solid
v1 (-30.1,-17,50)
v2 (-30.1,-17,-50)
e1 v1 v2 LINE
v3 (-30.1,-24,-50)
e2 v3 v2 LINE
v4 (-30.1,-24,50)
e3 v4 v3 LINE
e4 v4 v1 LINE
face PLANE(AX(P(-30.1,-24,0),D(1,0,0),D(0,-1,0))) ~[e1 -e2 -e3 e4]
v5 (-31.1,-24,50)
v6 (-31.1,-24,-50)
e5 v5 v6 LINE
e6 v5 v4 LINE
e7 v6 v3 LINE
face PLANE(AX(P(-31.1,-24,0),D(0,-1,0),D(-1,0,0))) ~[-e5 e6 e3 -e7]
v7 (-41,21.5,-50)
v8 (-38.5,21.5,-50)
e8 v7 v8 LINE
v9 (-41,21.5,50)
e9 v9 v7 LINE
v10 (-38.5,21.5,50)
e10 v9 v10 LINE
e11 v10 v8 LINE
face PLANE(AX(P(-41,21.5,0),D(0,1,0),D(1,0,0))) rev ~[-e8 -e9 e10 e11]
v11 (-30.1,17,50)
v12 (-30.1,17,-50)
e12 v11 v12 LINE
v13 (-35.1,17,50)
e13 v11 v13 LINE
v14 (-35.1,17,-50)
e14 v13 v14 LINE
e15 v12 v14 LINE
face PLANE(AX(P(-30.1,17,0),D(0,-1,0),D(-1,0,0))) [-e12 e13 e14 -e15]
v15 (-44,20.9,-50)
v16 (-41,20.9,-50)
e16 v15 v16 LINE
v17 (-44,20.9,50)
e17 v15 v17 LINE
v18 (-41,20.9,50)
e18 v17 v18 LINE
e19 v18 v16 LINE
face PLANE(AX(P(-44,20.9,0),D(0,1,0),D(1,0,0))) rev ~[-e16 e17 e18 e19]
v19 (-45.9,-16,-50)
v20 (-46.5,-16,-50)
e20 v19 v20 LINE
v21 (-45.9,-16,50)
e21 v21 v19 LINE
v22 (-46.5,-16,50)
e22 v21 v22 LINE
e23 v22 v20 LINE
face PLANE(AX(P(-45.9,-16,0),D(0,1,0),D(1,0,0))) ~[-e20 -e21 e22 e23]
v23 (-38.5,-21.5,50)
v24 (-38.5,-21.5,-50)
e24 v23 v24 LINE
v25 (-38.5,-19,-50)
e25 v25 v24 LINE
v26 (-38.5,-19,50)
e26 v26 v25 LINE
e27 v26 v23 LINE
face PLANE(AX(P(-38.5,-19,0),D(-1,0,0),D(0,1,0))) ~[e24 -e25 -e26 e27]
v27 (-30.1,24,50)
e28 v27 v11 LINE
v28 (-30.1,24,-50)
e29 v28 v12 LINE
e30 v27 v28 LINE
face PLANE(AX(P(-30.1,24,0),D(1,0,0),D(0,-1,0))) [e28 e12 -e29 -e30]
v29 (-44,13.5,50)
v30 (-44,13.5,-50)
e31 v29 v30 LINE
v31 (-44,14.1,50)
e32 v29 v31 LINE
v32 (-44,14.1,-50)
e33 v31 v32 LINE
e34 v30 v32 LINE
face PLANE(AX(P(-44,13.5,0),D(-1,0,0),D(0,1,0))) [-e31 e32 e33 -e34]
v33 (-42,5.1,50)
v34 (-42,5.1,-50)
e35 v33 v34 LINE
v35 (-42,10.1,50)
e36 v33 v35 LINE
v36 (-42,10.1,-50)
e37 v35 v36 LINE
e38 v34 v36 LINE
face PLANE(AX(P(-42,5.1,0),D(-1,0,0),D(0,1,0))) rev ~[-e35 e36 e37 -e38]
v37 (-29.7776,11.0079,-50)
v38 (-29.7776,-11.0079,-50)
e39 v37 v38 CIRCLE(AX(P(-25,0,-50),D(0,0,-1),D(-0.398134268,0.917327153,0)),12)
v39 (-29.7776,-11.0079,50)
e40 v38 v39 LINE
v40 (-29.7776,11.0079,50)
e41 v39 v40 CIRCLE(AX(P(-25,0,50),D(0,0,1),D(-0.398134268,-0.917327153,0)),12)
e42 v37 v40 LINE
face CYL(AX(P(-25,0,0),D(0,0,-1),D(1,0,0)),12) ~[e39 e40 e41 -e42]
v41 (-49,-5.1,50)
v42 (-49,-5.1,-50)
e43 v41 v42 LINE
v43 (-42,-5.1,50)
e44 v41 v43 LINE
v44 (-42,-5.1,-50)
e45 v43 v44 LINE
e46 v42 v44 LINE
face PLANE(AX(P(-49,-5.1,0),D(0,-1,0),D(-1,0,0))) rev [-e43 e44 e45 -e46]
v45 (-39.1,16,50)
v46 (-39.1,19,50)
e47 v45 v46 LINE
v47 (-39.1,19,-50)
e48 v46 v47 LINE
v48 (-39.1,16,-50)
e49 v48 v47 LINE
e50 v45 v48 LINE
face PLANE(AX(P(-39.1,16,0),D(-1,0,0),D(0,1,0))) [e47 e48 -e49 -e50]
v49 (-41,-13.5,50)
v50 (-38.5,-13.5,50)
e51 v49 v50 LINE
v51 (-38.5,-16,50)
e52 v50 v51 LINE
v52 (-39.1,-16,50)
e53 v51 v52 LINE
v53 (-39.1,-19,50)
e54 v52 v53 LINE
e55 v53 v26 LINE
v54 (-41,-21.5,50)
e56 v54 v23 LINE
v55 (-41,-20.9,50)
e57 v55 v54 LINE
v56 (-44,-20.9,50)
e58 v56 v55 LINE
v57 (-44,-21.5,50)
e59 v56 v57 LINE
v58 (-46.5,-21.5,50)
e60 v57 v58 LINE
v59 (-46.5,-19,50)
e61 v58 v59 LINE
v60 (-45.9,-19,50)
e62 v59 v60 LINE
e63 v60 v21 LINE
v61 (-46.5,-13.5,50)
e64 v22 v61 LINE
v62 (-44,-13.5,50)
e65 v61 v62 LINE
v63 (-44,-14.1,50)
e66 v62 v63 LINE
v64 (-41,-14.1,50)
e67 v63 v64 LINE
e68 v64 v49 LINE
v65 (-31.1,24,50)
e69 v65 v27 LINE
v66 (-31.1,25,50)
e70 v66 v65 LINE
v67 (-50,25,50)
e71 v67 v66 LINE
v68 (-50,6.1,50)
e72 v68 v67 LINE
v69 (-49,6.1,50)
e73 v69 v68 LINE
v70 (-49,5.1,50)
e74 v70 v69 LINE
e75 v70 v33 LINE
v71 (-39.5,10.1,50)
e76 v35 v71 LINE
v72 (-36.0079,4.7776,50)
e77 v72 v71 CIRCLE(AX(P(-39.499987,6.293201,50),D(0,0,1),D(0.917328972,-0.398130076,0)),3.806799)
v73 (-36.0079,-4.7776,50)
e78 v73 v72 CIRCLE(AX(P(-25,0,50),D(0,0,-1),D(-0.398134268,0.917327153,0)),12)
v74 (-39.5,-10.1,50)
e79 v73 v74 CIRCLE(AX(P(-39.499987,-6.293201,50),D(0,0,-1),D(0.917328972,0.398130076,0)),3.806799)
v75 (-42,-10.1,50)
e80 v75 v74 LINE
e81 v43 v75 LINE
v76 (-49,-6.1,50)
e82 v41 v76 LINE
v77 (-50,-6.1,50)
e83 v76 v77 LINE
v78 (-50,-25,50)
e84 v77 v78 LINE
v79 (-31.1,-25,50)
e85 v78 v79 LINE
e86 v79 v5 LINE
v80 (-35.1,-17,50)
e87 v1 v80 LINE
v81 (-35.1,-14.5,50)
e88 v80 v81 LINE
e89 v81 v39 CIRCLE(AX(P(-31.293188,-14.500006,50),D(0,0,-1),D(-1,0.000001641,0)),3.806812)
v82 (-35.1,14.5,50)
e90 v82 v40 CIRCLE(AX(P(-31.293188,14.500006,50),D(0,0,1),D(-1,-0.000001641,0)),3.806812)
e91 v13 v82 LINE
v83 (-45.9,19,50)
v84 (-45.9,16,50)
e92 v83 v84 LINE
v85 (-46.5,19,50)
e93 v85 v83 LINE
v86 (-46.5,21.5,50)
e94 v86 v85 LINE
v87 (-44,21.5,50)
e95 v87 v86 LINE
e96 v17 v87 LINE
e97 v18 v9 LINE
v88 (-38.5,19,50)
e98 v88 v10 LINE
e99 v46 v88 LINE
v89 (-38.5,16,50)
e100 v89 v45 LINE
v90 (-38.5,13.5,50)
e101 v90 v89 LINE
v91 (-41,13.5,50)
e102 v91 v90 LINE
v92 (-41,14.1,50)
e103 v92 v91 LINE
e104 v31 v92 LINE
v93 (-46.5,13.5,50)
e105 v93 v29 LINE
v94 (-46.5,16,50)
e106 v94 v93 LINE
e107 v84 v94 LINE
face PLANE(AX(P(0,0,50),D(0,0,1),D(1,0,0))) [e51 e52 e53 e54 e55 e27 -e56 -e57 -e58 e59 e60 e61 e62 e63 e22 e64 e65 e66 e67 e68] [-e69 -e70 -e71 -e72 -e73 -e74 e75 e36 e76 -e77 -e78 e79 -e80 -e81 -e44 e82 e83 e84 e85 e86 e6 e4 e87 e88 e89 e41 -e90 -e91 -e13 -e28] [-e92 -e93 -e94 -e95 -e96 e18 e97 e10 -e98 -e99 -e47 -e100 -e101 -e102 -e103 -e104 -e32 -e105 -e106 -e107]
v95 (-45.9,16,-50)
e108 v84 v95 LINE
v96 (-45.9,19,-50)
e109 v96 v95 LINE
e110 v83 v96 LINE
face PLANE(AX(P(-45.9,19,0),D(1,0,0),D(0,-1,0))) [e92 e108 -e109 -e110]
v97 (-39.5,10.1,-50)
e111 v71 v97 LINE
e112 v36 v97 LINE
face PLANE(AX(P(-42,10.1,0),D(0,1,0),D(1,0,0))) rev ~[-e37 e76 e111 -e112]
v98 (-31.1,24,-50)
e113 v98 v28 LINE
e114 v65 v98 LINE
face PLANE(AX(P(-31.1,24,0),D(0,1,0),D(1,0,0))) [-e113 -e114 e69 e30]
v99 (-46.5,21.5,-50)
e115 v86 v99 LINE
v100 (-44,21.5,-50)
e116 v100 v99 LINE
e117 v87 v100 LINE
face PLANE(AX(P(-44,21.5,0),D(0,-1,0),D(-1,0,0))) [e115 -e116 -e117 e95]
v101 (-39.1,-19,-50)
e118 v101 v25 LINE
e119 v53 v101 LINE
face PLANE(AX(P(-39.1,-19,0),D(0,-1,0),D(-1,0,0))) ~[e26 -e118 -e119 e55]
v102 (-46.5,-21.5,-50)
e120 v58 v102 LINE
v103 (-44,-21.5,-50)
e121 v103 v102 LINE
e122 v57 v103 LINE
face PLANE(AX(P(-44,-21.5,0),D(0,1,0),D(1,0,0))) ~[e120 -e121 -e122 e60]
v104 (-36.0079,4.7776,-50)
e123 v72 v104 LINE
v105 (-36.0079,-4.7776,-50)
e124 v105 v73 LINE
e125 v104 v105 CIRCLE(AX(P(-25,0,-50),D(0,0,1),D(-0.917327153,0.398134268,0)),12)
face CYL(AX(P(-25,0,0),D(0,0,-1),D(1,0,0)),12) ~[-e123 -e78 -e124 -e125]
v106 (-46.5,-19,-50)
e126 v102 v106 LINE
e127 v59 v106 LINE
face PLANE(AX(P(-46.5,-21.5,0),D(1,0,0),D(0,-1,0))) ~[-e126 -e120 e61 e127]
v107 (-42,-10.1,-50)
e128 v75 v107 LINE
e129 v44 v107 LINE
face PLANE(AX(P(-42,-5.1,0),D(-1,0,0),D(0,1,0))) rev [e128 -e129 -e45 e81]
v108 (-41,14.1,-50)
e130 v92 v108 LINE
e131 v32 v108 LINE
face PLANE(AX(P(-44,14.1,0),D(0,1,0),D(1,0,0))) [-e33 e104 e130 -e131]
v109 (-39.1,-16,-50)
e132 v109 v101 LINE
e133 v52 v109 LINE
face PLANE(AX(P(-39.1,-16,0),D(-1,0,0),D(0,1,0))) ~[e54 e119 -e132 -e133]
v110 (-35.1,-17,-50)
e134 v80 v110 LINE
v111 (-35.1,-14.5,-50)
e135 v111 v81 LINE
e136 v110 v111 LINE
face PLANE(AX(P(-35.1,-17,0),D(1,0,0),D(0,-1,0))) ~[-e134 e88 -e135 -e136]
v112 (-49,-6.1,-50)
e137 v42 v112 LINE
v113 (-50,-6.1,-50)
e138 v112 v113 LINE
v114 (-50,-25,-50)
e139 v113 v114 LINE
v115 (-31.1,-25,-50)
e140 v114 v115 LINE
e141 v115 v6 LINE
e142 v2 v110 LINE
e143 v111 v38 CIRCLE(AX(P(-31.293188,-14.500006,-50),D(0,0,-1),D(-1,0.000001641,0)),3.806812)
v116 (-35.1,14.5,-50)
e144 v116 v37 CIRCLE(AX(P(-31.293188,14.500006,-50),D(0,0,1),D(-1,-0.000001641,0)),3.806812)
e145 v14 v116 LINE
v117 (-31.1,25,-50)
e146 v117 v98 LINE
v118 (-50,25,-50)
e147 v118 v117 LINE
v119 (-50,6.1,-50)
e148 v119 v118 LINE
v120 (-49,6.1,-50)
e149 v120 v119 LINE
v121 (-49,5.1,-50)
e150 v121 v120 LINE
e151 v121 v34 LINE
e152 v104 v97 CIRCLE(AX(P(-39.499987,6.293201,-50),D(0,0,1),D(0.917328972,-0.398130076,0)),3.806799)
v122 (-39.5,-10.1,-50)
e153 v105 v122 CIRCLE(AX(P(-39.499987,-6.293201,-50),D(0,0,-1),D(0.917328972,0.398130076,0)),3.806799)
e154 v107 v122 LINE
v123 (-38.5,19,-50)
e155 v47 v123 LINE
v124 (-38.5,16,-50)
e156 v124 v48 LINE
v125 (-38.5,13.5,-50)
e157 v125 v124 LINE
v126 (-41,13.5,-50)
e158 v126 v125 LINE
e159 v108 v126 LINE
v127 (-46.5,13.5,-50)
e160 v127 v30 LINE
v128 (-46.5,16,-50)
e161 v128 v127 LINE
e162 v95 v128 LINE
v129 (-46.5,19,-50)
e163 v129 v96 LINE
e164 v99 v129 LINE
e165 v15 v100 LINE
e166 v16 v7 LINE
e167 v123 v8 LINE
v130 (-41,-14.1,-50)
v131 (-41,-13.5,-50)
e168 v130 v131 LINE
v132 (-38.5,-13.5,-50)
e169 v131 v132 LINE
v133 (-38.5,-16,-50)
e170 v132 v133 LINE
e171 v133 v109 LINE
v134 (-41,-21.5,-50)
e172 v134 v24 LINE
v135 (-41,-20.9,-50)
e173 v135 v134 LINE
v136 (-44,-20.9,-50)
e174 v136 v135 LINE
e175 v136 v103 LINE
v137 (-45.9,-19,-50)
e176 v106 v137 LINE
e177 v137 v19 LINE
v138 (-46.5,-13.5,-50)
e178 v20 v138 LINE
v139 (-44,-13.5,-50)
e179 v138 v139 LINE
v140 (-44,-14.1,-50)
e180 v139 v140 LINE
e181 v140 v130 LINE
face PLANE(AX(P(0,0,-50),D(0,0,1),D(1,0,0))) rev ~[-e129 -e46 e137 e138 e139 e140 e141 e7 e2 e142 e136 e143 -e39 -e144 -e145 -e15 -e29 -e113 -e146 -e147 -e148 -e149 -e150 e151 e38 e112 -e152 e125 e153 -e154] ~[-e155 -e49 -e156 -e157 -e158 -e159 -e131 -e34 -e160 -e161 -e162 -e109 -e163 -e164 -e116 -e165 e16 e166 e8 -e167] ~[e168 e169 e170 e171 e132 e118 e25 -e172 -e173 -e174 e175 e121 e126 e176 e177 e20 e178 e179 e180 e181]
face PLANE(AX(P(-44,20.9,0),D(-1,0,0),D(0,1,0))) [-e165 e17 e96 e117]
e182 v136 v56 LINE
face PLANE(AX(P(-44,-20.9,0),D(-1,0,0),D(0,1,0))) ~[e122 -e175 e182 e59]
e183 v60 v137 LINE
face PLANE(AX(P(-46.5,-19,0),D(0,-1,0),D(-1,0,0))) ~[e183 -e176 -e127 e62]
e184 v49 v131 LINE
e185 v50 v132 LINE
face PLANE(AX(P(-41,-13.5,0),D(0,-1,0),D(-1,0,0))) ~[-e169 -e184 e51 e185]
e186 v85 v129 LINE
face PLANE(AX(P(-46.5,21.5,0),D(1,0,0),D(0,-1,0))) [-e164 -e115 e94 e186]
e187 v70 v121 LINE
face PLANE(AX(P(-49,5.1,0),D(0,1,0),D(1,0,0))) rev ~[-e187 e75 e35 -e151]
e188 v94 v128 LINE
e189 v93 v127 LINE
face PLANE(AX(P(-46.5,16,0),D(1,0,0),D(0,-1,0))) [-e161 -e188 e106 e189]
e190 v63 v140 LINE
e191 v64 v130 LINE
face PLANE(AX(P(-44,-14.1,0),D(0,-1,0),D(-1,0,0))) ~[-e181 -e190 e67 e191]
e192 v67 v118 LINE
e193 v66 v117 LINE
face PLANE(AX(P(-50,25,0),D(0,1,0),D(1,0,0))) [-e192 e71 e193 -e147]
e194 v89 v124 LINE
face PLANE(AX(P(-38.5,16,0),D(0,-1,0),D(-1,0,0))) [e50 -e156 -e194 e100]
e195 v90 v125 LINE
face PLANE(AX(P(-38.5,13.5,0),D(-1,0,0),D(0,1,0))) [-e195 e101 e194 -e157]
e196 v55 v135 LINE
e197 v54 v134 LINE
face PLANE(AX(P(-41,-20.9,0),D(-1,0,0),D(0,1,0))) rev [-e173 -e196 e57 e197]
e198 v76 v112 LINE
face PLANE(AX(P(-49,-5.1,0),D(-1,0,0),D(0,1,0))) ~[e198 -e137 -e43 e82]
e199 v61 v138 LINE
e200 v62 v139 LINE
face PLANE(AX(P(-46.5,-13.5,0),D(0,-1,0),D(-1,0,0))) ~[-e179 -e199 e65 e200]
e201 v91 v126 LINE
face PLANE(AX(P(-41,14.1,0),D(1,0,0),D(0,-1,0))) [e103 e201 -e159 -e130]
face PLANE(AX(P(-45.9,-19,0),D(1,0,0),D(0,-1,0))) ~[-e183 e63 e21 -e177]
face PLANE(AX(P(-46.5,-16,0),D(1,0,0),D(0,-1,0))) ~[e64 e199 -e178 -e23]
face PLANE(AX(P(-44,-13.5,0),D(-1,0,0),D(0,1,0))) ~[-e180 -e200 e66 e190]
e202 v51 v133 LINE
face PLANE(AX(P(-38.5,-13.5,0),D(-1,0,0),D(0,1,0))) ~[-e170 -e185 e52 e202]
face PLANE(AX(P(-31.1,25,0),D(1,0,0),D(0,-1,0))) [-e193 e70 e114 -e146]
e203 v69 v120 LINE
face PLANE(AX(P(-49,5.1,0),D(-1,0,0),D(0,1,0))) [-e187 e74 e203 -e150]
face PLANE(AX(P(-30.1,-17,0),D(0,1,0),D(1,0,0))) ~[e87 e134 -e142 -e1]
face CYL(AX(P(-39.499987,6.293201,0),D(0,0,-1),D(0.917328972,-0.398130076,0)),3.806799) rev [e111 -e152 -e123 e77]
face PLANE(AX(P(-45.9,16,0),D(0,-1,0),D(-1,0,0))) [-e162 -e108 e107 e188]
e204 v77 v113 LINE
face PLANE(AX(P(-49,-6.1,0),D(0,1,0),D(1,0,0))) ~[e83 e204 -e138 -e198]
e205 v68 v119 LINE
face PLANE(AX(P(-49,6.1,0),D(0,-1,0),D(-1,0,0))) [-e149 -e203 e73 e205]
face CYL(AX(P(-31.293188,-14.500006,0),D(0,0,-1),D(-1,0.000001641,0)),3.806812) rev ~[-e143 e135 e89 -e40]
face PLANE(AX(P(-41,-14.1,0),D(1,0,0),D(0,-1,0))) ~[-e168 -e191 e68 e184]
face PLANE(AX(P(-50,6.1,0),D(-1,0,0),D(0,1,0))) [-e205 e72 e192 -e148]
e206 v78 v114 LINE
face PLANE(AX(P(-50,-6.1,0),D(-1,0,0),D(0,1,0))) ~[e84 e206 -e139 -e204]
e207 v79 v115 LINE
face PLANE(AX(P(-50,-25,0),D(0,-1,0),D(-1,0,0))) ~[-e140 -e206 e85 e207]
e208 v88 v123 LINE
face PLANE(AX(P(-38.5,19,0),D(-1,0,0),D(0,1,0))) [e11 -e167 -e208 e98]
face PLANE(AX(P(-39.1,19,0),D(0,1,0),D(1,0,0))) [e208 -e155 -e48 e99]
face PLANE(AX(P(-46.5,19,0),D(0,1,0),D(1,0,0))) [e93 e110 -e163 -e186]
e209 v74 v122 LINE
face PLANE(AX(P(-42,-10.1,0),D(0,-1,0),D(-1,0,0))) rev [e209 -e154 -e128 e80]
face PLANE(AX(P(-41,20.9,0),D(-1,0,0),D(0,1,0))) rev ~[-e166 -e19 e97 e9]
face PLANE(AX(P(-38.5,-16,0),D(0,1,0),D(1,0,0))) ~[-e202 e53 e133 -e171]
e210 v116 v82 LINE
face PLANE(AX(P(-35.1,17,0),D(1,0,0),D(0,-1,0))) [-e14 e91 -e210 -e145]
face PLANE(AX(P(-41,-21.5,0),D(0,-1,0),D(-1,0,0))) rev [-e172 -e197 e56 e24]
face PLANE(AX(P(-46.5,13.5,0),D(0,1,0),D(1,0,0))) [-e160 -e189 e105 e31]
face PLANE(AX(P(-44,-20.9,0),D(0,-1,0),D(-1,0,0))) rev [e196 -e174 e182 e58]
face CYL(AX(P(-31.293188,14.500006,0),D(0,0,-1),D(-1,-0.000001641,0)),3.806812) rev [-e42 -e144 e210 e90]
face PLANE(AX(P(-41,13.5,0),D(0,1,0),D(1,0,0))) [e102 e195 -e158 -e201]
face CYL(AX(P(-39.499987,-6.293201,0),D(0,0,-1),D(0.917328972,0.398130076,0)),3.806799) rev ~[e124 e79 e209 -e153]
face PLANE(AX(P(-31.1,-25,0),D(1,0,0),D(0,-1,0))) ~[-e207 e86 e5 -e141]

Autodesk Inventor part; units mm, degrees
ref_plane "YZ Plane" through (0, 0, 0) normal (1, 0, 0) x (0, 1, 0)
ref_plane "XZ Plane" through (0, 0, 0) normal (0, 1, 0) x (-1, 0, 0)
ref_plane "XY Plane" through (0, 0, 0) normal (0, 0, 1) x (1, 0, 0)
sketch "Sketch1" plane through (0, 0, 0) normal (0, 0, 1) x (1, 0, 0)
  circle A0 centre (-25, 0) radius 6
  line L0 (0, 0) -> (-25, 0) construction
  circle A1 centre (-25, 0) radius 12
  line L1 (-45.9, 14.1) -> (-39.1, 14.1) construction
  line L2 (-39.1, 14.1) -> (-39.1, 20.9) construction
  line L3 (-39.1, 20.9) -> (-45.9, 20.9) construction
  line L4 (-45.9, 20.9) -> (-45.9, 14.1) construction
  line L5 (-45.9, 14.1) -> (-39.1, 20.9) construction
  line L6 (-39.1, 14.1) -> (-45.9, 20.9) construction
  line L7 (-46.5, 13.5) -> (-38.5, 13.5) construction
  line L8 (-38.5, 13.5) -> (-38.5, 21.5) construction
  line L9 (-38.5, 21.5) -> (-46.5, 21.5) construction
  line L10 (-46.5, 21.5) -> (-46.5, 13.5) construction
  line L11 (-46.5, 13.5) -> (-38.5, 21.5) construction
  line L12 (-38.5, 13.5) -> (-46.5, 21.5) construction
  line L13 (-44, 20.9) -> (-41, 20.9)
  line L14 (-44, 20.9) -> (-44, 21.5)
  line L15 (-44, 21.5) -> (-46.5, 21.5)
  line L16 (-41, 20.9) -> (-41, 21.5)
  line L17 (-41, 21.5) -> (-38.5, 21.5)
  line L18 (-46.5, 21.5) -> (-46.5, 19)
  line L19 (-46.5, 19) -> (-45.9, 19)
  line L20 (-45.9, 19) -> (-45.9, 16)
  line L21 (-45.9, 16) -> (-46.5, 16)
  line L22 (-46.5, 16) -> (-46.5, 13.5)
  line L23 (-46.5, 13.5) -> (-44, 13.5)
  line L24 (-44, 13.5) -> (-44, 14.1)
  line L25 (-44, 14.1) -> (-41, 14.1)
  line L26 (-41, 14.1) -> (-41, 13.5)
  line L27 (-41, 13.5) -> (-38.5, 13.5)
  line L28 (-38.5, 13.5) -> (-38.5, 16)
  line L29 (-38.5, 16) -> (-39.1, 16)
  line L30 (-39.1, 16) -> (-39.1, 19)
  line L31 (-39.1, 19) -> (-38.5, 19)
  line L32 (-38.5, 19) -> (-38.5, 21.5)
  line L33 (-50, 25) -> (-50, 5.1) construction
  line L34 (-50, 25) -> (-30.1, 25) construction
  line L35 (-50, 5.1) -> (-49, 5.1) construction
  line L36 (-49, 5.1) -> (-49, 6.1)
  line L37 (-49, 6.1) -> (-50, 6.1)
  line L38 (-50, 6.1) -> (-50, 5.1) construction
  line L39 (-50, 5.1) -> (-49, 6.1) construction
  line L40 (-49, 5.1) -> (-50, 6.1) construction
  line L41 (-50, 6.1) -> (-50, 25)
  line L42 (-31.1, 24) -> (-30.1, 24)
  line L43 (-30.1, 24) -> (-30.1, 25) construction
  line L44 (-30.1, 25) -> (-31.1, 25) construction
  line L45 (-31.1, 25) -> (-31.1, 24)
  line L46 (-31.1, 24) -> (-30.1, 25) construction
  line L47 (-30.1, 24) -> (-31.1, 25) construction
  line L48 (-50, 25) -> (-31.1, 25)
  line L49 (-30.1, 24) -> (-30.1, 17)
  line L50 (-30.1, 17) -> (-35.1, 17)
  line L51 (-35.1, 17) -> (-35.1, 12) construction
  line L52 (-35.1, 12) -> (-25, 12) construction
  arc A2 (-35.1, 14.5) -> (-29.7776, 11.0079) centre (-31.2932, 14.5) ccw
  line L53 (-35.1, 17) -> (-35.1, 14.5)
  line L54 (-49, 5.1) -> (-42, 5.1)
  line L55 (-42, 5.1) -> (-42, 10.1)
  line L56 (-42, 10.1) -> (-39.5, 10.1)
  arc A3 (-36.0079, 4.7776) -> (-39.5, 10.1) centre (-39.5, 6.2932) ccw
  arc A4 (-20.2224, 11.0079) -> (-14.9, 14.5) centre (-18.7068, 14.5) ccw
  line L57 (-14.9, 14.5) -> (-14.9, 17)
  line L58 (-14.9, 17) -> (-19.9, 17)
  line L59 (-19.9, 17) -> (-19.9, 24)
  line L60 (-19.9, 24) -> (-18.9, 24)
  line L61 (-18.9, 24) -> (-18.9, 25)
  line L62 (-18.9, 25) -> (-19.9, 25) construction
  line L63 (-19.9, 25) -> (-19.9, 24) construction
  line L64 (-19.9, 24) -> (-18.9, 25) construction
  line L65 (-18.9, 24) -> (-19.9, 25) construction
  line L66 (-18.9, 25) -> (0, 25)
  line L67 (0, 22) -> (-11.9, 22) construction
  line L68 (-11.9, 22) -> (-11.9, 14.5) construction
  line L69 (0, 22) -> (0, 25)
  arc A5 (-10.9, 22) -> (-11.9, 21) centre (-10.9, 21) ccw
  line L70 (-11.9, 21) -> (-11.9, 14.5)
  line L71 (-10.9, 22) -> (0, 22)
  arc A6 (-13.1902, 10.8149) -> (-13.9921, 4.7776) centre (-8.5727, 7.1297) ccw
  arc A7 (-13.1902, 10.8149) -> (-11.9, 14.5) centre (-17.8078, 14.5) ccw
  point P0 (-42.5, 17.5)
  point P1 (-42.5, 17.5)
  point P2 (-42.5, 17.5)
  point P3 (-42.5, 20.9)
  point P4 (-49.5, 5.6)
  point P5 (-30.6, 24.5)
  point P6 (-19.4, 24.5)
  dimension "d0" = 25
  dimension "d1" = 12
  dimension "d2" = 24
  dimension "d16" = 17.5
  dimension "d17" = 42.5
  dimension "d18" = 6.8
  dimension "d19" = 8
  dimension "d20" = 3
  dimension "d21" = 5.1
  dimension "d22" = 25
  dimension "d23" = 50
  dimension "d24" = 1
  dimension "d25" = 7
  dimension "d26" = 5
  dimension "d27" = 5
  dimension "d30" = 3
  dimension "d31" = 3
  dimension "d34" = 1
extrude "Extrusion1" add sketch "Sketch1" along normal mid plane 100 contours A1
sketch "Sketch2" plane through (-25, 0, 50) normal (0, 0, 1) x (1, 0, 0)
  circle A0 centre (0, 0) radius 6 construction
  line L0 (0, 0) -> (1.3656, 6.8655) construction
  circle A1 centre (0, 0) radius 7 construction
  line L1 (0, 0) -> (-1.3656, 6.8655) construction
  line L2 (0, 0) -> (0, 7) construction
  line L3 (0, 0) -> (-3.889, 5.8203) construction
  arc A2 (-1.1705, 5.8847) -> (-3.3334, 4.9888) centre (0, 0) ccw
  line L4 (-3.3334, 4.9888) -> (-3.889, 5.8203)
  line L5 (-1.1705, 5.8847) -> (-1.3656, 6.8655)
  arc A3 (-1.3656, 6.8655) -> (-3.889, 5.8203) centre (0, 0) ccw
  point P0 (25, 0)
  point P1 (-2.6788, 6.4672)
  dimension "d5" = 14
  dimension "d6" = 22.5
  dimension "d7" = 22.5
extrude "Extrusion2" cut sketch "Sketch2" against normal through all
pattern_circular "Circular Pattern2" count 8 over 360 about axis through (-25, 0, 0) along (0, 0, 1) of "Extrusion2"
extrude "Extrusion3" add sketch "Sketch1" along normal mid plane 100 contours A3 L56 L55 L54 L36 L37 L41 L48 L45 L42 L49 L50 L53 A2 A1
mirror "Mirror1" about plane through (0, 0, 0) normal (0, 1, 0) of "Extrusion3"
extrude "Extrusion4" add sketch "Sketch1" along normal mid plane 100 contours A0 | A1
equation "\"d31\" = d30"
equation "\"d7\" = d6"
properties part number "perfil-aluminio-0002-001"
